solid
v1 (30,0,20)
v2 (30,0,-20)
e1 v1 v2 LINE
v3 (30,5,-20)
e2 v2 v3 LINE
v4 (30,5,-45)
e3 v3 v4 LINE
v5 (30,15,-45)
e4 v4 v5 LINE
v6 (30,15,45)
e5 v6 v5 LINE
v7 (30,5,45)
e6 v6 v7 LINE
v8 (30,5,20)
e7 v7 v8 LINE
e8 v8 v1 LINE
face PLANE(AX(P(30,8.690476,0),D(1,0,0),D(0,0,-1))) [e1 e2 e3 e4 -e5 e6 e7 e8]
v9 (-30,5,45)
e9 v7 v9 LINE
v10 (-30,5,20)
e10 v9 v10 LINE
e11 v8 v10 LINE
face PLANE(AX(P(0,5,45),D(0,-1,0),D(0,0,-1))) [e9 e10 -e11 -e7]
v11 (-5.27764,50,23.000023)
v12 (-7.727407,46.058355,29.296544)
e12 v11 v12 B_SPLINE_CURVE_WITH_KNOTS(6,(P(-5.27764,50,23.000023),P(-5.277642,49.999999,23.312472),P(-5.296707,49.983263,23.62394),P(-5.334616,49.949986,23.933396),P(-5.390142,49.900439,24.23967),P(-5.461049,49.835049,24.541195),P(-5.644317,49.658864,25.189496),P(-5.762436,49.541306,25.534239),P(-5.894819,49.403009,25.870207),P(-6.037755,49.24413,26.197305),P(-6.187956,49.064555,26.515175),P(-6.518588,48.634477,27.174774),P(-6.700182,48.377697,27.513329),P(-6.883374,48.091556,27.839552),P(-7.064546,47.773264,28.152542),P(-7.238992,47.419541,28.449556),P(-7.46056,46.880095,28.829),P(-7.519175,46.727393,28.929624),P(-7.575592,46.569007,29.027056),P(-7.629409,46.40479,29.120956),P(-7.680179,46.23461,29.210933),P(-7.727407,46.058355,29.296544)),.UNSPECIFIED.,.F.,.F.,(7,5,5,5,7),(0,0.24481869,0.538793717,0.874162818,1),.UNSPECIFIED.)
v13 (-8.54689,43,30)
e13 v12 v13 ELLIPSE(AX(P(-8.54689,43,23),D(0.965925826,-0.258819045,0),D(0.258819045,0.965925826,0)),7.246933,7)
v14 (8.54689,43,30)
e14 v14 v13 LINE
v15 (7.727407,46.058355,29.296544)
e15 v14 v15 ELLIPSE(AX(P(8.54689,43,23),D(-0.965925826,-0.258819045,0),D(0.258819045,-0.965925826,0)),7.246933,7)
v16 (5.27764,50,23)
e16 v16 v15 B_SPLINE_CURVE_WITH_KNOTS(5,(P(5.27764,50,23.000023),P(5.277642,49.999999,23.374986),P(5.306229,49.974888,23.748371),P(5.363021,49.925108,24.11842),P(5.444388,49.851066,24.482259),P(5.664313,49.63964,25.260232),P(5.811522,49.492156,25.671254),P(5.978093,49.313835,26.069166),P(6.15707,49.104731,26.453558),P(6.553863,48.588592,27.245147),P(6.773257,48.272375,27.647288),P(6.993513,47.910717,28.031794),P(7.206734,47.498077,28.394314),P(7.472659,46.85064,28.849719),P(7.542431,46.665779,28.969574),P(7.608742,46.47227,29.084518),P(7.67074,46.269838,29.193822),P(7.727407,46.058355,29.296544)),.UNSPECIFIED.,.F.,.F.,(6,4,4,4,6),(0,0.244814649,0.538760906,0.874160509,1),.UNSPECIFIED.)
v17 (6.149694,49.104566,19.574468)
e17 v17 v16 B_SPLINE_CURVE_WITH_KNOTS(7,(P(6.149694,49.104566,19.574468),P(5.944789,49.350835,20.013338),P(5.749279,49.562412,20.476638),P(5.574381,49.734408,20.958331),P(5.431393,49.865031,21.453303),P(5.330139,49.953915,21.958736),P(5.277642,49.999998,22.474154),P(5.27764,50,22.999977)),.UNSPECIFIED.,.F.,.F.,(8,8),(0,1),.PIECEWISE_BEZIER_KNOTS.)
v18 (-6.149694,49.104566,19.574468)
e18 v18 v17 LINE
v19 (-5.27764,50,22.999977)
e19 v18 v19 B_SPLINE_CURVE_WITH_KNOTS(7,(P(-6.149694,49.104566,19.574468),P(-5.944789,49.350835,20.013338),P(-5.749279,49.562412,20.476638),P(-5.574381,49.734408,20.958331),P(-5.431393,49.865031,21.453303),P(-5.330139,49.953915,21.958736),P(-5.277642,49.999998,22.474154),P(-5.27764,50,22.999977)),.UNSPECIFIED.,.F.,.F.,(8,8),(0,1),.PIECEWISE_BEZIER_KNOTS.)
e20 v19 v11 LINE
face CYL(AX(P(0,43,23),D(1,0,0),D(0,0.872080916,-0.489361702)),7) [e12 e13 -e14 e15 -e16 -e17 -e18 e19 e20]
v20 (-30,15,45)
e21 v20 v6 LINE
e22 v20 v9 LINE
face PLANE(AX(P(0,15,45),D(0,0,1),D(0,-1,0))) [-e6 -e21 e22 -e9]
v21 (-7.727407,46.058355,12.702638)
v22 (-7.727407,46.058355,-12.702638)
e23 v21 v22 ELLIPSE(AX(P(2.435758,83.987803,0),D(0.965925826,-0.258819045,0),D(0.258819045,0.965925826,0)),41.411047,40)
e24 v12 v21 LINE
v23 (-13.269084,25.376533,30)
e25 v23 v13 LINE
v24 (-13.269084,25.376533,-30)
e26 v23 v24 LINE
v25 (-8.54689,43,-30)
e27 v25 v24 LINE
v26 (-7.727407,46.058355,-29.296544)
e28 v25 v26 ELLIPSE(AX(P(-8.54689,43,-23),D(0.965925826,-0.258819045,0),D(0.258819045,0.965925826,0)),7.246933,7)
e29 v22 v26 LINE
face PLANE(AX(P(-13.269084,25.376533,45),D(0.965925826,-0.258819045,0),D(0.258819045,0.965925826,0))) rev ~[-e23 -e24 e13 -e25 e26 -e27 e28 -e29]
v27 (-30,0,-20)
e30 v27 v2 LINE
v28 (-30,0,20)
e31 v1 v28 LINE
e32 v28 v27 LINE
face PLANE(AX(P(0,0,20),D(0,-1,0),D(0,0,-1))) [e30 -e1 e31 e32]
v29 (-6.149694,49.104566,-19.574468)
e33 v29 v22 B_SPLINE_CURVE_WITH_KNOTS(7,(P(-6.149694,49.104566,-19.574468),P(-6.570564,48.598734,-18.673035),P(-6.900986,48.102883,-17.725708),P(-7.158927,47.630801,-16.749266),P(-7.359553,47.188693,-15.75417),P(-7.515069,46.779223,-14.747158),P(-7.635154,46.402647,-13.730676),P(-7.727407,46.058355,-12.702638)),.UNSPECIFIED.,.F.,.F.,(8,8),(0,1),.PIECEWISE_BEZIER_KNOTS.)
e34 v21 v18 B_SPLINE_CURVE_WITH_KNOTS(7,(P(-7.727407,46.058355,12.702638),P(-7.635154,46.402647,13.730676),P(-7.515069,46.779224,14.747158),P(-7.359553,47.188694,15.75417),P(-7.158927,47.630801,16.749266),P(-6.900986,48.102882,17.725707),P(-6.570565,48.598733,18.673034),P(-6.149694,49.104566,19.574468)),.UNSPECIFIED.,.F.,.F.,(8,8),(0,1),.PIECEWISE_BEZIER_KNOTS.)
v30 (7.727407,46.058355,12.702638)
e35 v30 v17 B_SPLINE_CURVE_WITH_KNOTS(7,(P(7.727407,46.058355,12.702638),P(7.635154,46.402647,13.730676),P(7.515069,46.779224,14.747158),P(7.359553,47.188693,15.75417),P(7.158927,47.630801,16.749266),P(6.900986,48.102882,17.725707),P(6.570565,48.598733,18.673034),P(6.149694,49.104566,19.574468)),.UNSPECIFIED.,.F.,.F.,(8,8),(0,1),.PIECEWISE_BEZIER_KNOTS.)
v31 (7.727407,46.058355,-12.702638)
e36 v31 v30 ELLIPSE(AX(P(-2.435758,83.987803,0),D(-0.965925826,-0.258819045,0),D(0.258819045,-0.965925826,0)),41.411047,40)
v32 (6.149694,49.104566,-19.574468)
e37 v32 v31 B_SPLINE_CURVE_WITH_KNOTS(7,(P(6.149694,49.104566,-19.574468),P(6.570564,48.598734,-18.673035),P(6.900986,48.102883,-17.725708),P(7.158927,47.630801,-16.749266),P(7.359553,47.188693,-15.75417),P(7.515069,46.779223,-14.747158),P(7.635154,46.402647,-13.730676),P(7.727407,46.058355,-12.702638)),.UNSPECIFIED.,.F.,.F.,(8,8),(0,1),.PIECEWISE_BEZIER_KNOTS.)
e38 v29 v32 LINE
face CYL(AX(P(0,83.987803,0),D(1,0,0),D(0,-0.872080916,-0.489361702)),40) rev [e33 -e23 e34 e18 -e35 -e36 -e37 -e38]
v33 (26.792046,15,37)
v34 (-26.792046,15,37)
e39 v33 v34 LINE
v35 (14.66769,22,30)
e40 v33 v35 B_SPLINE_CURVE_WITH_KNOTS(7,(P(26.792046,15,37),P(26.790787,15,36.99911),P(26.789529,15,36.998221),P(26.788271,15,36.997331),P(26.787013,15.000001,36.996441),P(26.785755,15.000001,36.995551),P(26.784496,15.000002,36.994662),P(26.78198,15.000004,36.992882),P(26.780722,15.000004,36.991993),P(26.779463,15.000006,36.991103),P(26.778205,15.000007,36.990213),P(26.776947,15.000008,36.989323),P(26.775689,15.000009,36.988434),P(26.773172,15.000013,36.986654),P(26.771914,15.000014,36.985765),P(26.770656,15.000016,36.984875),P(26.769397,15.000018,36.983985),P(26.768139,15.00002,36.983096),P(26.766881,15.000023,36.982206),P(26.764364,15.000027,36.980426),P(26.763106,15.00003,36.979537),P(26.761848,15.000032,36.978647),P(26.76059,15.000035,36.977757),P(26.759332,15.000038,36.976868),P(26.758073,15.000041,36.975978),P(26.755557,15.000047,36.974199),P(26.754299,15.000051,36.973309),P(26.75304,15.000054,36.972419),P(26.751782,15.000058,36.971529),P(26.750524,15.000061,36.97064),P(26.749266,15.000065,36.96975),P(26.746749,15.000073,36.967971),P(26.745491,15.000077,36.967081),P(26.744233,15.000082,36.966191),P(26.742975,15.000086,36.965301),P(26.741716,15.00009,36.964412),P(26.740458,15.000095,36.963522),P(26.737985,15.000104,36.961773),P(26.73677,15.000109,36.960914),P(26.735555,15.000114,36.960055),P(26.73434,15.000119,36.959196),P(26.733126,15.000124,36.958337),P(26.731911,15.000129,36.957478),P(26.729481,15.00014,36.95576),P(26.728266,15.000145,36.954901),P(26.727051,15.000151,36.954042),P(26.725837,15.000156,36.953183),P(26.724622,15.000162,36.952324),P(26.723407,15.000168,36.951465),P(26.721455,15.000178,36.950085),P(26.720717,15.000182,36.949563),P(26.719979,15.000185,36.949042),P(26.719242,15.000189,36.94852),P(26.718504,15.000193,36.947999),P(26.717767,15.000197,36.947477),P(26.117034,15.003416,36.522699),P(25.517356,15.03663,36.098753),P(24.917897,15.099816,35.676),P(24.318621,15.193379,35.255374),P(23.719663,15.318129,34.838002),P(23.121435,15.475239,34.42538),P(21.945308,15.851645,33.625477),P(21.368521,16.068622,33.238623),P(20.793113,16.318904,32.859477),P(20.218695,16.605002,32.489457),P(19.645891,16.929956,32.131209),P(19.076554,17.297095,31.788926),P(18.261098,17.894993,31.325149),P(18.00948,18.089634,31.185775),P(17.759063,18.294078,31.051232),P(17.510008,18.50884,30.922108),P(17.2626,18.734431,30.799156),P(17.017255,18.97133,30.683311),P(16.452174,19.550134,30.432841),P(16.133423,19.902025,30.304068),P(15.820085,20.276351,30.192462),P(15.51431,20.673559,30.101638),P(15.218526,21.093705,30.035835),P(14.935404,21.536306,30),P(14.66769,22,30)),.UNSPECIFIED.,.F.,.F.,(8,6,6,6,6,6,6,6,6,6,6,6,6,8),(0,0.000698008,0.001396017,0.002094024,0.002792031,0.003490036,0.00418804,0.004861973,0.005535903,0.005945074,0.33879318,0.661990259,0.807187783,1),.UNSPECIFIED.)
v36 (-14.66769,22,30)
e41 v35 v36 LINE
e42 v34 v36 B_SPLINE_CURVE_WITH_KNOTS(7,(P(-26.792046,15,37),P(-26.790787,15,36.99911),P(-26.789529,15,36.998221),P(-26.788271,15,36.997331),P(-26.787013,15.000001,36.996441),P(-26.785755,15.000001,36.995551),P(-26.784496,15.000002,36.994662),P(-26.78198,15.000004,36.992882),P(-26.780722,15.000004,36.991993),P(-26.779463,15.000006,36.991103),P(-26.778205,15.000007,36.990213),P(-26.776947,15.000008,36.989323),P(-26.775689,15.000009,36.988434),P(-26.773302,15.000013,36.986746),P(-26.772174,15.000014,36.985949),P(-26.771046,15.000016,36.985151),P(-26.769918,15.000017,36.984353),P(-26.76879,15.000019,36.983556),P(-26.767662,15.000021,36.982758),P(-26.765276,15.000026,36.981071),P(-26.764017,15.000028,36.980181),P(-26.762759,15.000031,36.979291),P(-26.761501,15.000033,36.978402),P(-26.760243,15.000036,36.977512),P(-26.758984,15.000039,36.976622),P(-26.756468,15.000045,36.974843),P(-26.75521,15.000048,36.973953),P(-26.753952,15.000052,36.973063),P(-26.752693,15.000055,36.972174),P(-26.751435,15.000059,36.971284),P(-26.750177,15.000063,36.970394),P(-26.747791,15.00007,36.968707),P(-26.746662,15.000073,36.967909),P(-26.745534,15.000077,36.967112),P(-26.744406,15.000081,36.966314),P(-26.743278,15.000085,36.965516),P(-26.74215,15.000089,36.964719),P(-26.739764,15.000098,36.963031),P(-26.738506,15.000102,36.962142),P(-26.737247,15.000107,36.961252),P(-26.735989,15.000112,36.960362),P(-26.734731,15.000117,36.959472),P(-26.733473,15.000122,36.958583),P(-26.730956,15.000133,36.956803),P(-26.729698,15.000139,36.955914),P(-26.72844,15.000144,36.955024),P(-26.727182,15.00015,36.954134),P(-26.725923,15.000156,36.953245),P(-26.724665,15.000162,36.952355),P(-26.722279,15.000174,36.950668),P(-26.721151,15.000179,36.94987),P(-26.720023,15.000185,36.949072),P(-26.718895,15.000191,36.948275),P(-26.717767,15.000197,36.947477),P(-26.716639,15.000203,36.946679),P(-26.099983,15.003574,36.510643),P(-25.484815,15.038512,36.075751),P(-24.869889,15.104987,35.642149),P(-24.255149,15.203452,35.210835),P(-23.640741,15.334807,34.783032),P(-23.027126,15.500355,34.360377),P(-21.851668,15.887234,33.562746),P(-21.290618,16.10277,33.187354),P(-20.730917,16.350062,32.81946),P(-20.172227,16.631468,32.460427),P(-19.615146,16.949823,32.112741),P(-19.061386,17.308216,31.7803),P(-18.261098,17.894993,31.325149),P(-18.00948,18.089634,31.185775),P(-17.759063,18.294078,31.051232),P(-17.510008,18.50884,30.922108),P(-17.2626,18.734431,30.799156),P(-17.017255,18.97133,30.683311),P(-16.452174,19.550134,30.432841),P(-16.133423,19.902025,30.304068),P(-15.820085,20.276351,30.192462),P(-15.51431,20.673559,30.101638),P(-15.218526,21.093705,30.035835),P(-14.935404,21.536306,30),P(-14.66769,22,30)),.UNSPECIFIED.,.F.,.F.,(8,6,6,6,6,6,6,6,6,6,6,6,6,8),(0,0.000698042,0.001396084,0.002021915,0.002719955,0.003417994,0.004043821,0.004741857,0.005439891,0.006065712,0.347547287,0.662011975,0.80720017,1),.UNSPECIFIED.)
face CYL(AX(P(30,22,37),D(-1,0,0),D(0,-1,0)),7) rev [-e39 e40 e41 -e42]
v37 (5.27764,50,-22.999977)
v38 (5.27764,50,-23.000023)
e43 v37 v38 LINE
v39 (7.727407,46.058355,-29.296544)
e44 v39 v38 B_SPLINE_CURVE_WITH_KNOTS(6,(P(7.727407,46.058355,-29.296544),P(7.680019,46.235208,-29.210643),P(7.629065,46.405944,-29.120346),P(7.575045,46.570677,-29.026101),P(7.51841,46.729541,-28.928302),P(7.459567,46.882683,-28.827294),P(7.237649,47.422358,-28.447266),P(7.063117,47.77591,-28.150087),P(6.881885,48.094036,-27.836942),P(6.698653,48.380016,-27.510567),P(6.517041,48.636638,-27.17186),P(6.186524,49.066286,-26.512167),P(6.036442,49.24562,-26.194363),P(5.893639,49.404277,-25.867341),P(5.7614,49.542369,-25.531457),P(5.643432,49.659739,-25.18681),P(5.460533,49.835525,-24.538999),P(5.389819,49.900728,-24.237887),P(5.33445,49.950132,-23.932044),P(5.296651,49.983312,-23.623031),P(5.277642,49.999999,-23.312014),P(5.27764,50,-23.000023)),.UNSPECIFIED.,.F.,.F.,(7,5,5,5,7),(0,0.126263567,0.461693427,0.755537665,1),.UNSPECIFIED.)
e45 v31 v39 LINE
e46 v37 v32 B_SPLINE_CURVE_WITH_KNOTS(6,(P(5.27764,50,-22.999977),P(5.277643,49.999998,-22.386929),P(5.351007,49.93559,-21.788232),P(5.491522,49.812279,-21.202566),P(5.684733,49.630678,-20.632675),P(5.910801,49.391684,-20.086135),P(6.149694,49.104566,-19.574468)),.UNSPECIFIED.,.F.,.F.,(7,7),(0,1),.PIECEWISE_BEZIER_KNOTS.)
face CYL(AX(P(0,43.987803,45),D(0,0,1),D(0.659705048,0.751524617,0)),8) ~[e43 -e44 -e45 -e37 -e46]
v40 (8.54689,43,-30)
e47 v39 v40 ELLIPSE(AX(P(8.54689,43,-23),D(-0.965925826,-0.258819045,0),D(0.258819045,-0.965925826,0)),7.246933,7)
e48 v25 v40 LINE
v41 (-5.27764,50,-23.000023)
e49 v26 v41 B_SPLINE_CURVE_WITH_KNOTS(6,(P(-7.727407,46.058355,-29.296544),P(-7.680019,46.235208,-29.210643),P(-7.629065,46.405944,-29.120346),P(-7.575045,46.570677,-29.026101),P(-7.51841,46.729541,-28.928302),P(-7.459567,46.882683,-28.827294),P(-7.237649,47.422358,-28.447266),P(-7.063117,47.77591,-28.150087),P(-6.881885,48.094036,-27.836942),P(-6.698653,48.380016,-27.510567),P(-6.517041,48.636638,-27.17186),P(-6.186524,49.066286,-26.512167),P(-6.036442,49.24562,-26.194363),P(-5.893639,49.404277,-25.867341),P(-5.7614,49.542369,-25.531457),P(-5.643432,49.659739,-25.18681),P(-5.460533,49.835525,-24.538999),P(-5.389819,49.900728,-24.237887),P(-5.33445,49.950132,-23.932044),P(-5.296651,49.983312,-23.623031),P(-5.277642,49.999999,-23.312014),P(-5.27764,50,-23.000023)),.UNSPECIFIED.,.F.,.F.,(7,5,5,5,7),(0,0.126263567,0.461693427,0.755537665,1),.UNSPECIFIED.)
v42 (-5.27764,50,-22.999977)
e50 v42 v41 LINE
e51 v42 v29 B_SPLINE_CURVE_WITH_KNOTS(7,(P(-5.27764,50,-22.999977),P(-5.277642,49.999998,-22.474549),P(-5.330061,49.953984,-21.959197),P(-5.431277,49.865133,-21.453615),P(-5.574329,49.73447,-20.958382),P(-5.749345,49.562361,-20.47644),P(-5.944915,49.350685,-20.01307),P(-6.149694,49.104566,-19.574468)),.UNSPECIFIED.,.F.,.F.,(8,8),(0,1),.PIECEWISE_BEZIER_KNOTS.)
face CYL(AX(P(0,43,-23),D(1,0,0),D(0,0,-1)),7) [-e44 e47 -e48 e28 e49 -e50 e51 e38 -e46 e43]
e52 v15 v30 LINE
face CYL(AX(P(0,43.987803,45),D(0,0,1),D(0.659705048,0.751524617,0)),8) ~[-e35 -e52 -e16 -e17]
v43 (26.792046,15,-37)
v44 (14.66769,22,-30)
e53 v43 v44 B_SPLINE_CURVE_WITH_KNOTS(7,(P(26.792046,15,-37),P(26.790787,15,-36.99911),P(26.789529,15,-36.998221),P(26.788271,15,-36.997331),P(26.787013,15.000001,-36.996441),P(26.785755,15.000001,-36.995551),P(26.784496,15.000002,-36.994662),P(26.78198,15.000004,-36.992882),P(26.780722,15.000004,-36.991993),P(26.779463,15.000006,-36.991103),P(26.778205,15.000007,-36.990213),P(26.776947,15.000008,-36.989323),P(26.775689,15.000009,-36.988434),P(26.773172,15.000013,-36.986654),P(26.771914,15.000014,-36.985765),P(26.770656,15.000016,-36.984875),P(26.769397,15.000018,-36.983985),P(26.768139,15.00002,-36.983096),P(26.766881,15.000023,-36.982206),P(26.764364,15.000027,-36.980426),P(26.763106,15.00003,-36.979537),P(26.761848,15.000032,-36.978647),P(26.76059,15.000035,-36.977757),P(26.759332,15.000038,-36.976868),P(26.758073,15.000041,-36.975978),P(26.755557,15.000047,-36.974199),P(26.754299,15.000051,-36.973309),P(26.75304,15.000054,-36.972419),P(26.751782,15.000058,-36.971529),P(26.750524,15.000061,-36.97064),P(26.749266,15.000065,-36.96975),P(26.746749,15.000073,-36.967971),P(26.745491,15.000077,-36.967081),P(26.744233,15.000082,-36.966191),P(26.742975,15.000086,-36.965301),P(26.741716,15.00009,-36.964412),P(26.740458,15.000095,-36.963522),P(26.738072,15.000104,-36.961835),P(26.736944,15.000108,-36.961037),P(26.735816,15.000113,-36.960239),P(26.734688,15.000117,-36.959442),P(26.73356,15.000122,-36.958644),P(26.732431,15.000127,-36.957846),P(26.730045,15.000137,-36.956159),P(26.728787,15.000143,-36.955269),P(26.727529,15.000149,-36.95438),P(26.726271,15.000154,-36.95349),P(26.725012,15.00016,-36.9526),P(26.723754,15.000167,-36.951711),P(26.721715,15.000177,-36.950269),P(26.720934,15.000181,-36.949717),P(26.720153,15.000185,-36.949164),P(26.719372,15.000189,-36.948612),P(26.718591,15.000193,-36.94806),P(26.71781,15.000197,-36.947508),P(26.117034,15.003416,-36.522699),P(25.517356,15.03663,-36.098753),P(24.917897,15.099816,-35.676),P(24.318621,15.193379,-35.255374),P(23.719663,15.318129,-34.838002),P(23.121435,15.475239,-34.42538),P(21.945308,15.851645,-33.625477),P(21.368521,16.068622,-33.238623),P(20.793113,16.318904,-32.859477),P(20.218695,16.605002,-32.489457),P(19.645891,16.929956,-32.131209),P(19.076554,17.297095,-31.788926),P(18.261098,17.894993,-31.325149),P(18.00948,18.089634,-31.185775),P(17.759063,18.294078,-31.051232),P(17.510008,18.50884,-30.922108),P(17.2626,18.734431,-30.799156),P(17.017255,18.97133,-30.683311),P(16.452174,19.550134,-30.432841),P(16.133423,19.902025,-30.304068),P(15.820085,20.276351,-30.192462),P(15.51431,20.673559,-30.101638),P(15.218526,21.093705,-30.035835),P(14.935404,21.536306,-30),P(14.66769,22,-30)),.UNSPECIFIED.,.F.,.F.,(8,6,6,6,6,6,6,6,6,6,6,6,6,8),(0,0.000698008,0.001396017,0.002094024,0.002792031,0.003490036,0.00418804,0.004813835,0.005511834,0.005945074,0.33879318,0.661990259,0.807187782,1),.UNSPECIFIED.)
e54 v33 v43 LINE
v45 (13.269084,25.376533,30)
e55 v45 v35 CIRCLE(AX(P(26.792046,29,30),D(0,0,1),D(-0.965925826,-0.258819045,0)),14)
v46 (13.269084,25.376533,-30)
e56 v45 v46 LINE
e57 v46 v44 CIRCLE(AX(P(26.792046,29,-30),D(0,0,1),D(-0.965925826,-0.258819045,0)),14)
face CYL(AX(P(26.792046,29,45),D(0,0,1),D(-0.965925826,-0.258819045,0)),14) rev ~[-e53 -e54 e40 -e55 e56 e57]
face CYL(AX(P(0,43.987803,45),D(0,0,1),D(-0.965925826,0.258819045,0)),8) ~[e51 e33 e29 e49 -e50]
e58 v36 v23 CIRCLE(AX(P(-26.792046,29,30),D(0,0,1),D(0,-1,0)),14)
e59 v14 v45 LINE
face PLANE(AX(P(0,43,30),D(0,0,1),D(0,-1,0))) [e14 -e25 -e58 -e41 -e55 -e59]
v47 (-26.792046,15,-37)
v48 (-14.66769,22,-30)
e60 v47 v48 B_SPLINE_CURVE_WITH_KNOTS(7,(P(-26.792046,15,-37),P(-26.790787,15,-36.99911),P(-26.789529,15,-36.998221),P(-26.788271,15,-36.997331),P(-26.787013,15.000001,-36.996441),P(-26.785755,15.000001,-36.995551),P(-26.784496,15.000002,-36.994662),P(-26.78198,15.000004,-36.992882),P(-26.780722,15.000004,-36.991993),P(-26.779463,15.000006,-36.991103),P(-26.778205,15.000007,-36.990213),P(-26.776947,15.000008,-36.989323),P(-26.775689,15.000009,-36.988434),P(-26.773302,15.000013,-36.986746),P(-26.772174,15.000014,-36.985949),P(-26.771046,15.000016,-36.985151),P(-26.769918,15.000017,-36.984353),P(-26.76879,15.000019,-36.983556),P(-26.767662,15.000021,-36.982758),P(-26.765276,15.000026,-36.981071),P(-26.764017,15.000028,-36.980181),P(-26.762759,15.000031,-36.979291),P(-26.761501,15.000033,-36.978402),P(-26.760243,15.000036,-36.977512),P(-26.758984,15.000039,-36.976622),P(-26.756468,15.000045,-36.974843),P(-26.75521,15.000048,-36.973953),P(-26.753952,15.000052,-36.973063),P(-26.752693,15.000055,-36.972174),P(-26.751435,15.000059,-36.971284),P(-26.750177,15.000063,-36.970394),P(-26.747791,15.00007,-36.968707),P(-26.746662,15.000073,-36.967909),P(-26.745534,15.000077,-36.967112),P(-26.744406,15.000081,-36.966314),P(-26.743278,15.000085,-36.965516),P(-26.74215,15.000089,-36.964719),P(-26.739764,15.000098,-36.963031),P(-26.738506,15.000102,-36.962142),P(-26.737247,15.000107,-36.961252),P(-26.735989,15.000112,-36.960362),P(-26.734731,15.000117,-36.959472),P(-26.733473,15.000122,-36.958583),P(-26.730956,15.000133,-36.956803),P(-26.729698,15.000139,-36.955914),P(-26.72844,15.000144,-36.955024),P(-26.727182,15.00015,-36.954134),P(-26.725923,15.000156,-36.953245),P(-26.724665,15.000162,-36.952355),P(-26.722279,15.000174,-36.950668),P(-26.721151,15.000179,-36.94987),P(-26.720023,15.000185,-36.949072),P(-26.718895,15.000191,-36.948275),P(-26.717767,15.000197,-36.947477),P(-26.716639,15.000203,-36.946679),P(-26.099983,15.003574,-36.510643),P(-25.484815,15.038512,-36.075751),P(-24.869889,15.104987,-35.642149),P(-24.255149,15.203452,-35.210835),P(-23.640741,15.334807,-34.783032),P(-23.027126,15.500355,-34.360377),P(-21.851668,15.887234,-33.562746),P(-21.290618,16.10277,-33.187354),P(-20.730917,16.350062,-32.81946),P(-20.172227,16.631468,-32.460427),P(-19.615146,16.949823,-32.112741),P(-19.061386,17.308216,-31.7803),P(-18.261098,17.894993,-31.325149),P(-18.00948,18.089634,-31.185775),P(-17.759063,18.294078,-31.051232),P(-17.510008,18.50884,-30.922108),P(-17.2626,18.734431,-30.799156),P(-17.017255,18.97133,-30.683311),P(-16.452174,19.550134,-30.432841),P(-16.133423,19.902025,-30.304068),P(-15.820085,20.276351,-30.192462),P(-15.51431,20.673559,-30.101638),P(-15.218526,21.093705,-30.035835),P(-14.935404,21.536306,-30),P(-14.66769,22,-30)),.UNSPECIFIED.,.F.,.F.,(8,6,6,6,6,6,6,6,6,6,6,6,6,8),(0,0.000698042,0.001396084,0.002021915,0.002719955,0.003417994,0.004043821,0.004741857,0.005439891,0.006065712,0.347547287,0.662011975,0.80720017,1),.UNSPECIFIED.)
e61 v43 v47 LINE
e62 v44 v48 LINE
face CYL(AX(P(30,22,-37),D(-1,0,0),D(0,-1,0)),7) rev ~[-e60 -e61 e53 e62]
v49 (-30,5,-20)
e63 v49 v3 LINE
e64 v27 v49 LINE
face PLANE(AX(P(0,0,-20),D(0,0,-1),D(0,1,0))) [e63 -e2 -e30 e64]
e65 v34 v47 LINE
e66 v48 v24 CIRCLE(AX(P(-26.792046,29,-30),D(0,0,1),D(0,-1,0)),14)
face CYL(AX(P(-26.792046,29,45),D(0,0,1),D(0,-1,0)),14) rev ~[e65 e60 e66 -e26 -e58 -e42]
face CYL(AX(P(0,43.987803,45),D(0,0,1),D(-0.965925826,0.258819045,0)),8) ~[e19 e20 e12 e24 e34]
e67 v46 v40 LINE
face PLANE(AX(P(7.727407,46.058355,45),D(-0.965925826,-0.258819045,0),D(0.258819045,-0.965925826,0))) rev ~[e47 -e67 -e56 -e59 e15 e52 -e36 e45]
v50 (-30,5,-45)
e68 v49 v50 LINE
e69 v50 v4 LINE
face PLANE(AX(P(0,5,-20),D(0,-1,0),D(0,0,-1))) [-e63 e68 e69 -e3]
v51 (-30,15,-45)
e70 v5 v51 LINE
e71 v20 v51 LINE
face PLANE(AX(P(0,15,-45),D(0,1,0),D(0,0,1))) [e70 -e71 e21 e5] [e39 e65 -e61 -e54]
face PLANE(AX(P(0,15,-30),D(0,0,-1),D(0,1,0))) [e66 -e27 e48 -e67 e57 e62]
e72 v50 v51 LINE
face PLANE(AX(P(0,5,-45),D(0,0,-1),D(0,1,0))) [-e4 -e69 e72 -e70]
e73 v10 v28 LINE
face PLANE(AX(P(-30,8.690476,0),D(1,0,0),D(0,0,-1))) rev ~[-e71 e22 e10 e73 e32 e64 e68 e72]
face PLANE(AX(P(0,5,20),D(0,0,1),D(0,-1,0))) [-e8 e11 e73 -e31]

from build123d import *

# Parameters (mm, degrees)
BOSS_EXTRUDE1_DEPTH = 30
BOSS_EXTRUDE2_DEPTH = 30
FILLET1_R           = 7
CUT_EXTRUDE1_DEPTH  = 91


with BuildPart() as part:
    # Sketch1 → Boss-Extrude1 (new body, symmetric)
    with BuildSketch(Plane(origin=(0, 0, 0), x_dir=(0, 0, -1), z_dir=(1, 0, 0))):
        Polygon((-20, 0), (20, 0), (20, 5), (45, 5), (45, 15), (-45, 15), (-45, 5), (-20, 5), align=None)
    extrude(amount=BOSS_EXTRUDE1_DEPTH, both=True)

    # Sketch4 → Boss-Extrude2 (add, symmetric)
    with BuildSketch(Plane(origin=(0, 0, 0), x_dir=(0, 0, -1), z_dir=(1, 0, 0))):
        with BuildLine():
            Line((30, 15), (30, 43))
            ThreePointArc((30, 43), (26.537038068, 49.040642491), (19.574468085, 49.104566414))
            ThreePointArc((19.574468085, 49.104566414), (0, 43.987803064), (-19.574468085, 49.104566414))
            ThreePointArc((-19.574468085, 49.104566414), (-26.537038068, 49.040642491), (-30, 43))
            Line((-30, 43), (-30, 15))
            Line((-30, 15), (30, 15))
        make_face()
    extrude(amount=BOSS_EXTRUDE2_DEPTH, both=True)

    # Fillet1
    fillet1_edges = [part.edges().sort_by_distance(p)[0] for p in [
        (0, 15, 30),
        (0, 15, -30),
    ]]
    fillet(fillet1_edges, radius=FILLET1_R)

    # Sketch5 → Cut-Extrude1 (cut, through all)
    with BuildSketch(Plane.XY.offset(45)):
        with BuildLine():
            ThreePointArc((-7.72740661, 46.058355425), (-6.794626723, 48.210722397), (-5.277640382, 50))
            Line((-5.277640382, 50), (-30, 50))
            Line((-30, 50), (-30, 15))
            Line((-30, 15), (-26.792045696, 15))
            ThreePointArc((-26.792045696, 15), (-18.26938569, 17.893053236), (-13.269084128, 25.376533369))
            Line((-13.269084128, 25.376533369), (-7.72740661, 46.058355425))
        make_face()
        with BuildLine():
            ThreePointArc((5.277640382, 50), (6.794626723, 48.210722397), (7.72740661, 46.058355425))
            Line((7.72740661, 46.058355425), (13.269084128, 25.376533369))
            ThreePointArc((13.269084128, 25.376533369), (18.26938569, 17.893053236), (26.792045696, 15))
            Line((26.792045696, 15), (30, 15))
            Line((30, 15), (30, 50))
            Line((30, 50), (5.277640382, 50))
        make_face()
    extrude(amount=-CUT_EXTRUDE1_DEPTH, mode=Mode.SUBTRACT)


solid = part.part
